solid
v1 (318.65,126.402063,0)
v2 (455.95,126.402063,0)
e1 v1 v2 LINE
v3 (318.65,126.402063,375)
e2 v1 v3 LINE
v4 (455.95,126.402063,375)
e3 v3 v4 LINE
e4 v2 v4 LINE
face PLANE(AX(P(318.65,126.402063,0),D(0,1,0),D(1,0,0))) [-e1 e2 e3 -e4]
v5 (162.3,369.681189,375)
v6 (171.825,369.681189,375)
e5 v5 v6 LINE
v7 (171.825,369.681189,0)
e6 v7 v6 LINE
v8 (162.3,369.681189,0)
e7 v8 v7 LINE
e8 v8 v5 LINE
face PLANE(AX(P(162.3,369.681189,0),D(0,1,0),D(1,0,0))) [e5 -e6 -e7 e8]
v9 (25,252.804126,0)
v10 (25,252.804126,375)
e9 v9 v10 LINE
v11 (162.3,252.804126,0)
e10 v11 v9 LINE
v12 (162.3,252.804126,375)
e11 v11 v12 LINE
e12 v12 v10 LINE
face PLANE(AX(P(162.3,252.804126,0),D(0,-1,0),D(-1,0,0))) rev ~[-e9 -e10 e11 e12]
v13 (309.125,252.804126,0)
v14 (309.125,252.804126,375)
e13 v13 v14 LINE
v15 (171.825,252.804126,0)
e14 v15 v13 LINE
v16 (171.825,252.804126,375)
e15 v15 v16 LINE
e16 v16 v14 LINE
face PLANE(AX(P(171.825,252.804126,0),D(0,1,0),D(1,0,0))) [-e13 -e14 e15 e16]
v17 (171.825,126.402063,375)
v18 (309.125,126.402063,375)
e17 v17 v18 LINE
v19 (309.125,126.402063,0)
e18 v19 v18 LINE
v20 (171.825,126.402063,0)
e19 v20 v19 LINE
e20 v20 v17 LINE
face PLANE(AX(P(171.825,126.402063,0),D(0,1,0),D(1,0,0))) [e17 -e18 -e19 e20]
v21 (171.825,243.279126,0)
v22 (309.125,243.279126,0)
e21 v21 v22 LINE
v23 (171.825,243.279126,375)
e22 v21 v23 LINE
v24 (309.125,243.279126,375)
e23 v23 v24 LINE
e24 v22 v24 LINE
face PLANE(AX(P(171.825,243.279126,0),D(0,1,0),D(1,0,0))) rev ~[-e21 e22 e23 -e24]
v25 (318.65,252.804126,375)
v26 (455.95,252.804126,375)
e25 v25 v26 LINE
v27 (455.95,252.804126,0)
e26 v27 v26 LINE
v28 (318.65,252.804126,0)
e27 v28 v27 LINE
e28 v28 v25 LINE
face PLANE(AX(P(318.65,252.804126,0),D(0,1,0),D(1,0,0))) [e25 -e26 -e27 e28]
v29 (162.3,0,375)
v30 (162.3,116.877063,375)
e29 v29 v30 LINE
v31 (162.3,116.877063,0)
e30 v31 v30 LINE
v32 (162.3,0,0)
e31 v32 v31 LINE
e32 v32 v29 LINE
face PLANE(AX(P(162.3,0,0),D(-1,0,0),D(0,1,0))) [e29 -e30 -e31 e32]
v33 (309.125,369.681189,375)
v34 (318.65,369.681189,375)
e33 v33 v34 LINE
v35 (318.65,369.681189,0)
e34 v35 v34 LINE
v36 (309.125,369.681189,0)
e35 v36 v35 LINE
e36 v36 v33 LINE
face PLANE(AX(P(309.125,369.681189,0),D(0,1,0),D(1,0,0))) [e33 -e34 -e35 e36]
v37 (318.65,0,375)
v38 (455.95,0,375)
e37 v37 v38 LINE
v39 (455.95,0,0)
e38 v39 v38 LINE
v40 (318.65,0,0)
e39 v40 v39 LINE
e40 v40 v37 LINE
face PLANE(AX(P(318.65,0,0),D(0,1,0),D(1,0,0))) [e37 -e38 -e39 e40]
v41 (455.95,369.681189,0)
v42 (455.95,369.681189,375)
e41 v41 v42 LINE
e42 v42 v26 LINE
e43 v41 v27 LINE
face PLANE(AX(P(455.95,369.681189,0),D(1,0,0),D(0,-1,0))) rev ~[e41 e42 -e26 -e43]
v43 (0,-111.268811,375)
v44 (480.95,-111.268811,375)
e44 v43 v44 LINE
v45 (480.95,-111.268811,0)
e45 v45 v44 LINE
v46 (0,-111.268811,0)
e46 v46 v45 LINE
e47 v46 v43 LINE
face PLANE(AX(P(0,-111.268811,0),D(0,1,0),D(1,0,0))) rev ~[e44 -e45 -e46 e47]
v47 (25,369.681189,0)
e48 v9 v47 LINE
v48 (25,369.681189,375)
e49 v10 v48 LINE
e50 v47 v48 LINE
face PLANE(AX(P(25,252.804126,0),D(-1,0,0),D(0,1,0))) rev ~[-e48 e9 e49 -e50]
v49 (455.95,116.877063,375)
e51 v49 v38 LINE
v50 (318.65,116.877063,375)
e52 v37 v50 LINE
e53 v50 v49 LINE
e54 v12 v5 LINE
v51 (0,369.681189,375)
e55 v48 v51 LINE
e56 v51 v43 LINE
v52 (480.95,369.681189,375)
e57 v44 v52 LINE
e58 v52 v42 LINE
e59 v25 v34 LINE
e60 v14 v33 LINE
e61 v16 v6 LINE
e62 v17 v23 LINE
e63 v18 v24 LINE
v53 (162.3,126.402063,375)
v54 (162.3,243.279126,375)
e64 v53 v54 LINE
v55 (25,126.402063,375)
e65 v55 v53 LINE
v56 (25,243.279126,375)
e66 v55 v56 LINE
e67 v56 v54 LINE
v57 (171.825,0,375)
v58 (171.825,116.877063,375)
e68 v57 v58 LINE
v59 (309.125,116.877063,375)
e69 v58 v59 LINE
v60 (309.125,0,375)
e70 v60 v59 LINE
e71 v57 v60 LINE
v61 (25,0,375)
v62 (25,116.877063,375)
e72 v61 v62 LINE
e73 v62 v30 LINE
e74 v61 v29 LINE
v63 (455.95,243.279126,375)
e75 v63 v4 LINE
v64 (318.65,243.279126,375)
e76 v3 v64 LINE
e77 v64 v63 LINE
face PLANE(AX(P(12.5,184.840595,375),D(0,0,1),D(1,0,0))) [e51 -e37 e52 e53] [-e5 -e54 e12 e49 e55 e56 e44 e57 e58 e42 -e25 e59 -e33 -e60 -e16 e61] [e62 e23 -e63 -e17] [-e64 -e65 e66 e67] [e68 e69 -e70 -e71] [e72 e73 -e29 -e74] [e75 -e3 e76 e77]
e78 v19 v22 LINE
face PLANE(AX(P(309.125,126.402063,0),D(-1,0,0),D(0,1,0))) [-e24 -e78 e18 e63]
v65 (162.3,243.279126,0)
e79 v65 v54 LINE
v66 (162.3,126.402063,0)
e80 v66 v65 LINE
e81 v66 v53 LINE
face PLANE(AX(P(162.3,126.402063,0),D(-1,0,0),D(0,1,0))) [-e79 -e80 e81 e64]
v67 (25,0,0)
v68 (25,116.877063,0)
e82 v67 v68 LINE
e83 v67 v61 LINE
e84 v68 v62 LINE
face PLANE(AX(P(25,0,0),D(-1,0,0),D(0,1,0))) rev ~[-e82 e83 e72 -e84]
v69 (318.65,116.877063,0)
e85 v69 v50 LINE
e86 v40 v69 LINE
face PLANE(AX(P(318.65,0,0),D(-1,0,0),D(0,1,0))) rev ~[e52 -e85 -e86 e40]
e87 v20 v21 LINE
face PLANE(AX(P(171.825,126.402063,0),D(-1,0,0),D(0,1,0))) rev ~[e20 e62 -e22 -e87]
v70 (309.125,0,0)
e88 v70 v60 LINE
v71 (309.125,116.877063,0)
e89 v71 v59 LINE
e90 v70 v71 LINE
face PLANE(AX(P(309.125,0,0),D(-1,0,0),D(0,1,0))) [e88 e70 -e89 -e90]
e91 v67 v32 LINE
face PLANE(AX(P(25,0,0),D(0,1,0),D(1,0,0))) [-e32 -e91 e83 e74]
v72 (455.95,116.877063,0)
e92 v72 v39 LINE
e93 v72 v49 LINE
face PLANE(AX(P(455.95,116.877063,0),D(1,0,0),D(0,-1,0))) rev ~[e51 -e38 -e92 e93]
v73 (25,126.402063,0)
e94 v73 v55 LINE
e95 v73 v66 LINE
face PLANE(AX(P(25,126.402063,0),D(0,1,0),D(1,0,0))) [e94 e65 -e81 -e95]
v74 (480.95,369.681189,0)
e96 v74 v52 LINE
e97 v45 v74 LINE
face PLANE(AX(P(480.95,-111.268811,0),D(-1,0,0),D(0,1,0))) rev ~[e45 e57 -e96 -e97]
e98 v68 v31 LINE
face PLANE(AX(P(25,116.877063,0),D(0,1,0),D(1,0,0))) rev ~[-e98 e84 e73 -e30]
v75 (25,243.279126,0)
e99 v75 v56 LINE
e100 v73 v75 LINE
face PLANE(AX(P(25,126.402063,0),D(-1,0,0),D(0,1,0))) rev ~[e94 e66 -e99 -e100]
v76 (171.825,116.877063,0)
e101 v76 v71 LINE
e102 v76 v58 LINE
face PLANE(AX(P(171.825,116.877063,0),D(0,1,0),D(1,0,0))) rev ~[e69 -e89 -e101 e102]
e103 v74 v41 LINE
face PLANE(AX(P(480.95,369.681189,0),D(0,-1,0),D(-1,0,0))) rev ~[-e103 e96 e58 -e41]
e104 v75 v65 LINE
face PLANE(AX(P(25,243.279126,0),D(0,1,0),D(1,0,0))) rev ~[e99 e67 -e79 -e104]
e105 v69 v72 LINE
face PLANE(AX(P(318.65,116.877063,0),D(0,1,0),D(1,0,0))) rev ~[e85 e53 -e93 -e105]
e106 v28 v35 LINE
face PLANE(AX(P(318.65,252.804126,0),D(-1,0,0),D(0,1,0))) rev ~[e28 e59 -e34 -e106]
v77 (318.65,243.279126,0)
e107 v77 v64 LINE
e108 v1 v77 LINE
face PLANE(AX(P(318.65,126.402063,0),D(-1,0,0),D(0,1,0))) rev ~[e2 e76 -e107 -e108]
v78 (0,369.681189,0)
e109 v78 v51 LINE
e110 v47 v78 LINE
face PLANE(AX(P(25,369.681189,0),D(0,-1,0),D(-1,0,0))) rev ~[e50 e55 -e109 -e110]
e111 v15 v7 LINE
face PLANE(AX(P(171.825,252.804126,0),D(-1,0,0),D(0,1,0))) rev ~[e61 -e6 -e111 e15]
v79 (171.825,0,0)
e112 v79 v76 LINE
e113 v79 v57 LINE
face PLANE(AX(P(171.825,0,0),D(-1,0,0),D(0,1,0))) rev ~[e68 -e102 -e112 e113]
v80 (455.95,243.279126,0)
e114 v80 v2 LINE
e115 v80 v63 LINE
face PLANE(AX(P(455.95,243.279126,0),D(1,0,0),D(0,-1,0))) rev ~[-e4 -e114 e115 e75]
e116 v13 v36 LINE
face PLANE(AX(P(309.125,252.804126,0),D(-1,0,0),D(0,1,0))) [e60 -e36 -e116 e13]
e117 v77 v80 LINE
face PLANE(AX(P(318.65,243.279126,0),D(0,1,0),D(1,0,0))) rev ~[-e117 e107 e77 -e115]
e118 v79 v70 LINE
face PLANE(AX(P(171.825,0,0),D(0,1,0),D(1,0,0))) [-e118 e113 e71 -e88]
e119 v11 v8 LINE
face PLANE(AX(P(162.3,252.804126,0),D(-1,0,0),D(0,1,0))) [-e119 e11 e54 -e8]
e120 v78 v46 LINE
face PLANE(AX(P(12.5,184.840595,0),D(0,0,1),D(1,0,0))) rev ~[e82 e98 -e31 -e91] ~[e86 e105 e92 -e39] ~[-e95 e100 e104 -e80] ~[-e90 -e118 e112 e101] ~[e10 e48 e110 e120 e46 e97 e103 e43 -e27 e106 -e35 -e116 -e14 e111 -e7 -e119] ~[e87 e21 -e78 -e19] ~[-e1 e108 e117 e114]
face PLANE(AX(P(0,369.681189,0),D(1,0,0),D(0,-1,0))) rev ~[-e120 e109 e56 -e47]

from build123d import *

# Parameters (mm, degrees)
SKETCH1_W           = 137.3
SKETCH1_H           = 9.525
SKETCH1_W_2         = 9.525
SKETCH1_H_2         = 116.877063157
SKETCH1_H_3         = 116.877063158
SKETCH1_W_3         = 480.95
SKETCH1_H_4         = 111.268810527
BOSS_EXTRUDE1_DEPTH = 375


with BuildPart() as part:
    # Sketch1 → Boss-Extrude1 (new body)
    with BuildSketch(Plane.XY):
        Polygon((0, 369.681189473), (0, 0), (25, 0), (25, 116.877063158), (25, 126.402063158), (25, 243.279126316), (25, 252.804126316), (25, 369.681189473), align=None)
        with Locations((93.65, 248.041626316)):
            Rectangle(SKETCH1_W, SKETCH1_H)
        with Locations((167.0625, 248.041626316)):
            Rectangle(SKETCH1_W_2, SKETCH1_H)
        with Locations((167.0625, 311.242657894)):
            Rectangle(SKETCH1_W_2, SKETCH1_H_2)
        with Locations((167.0625, 184.840594737)):
            Rectangle(SKETCH1_W_2, SKETCH1_H_3)
        with Locations((93.65, 121.639563158)):
            Rectangle(SKETCH1_W, SKETCH1_H)
        with Locations((167.0625, 121.639563158)):
            Rectangle(SKETCH1_W_2, SKETCH1_H)
        with Locations((167.0625, 58.438531579)):
            Rectangle(SKETCH1_W_2, SKETCH1_H_3)
        with Locations((240.475, 121.639563158)):
            Rectangle(SKETCH1_W, SKETCH1_H)
        with Locations((240.475, 248.041626316)):
            Rectangle(SKETCH1_W, SKETCH1_H)
        with Locations((313.8875, 311.242657894)):
            Rectangle(SKETCH1_W_2, SKETCH1_H_2)
        with Locations((313.8875, 248.041626316)):
            Rectangle(SKETCH1_W_2, SKETCH1_H)
        with Locations((313.8875, 184.840594737)):
            Rectangle(SKETCH1_W_2, SKETCH1_H_3)
        with Locations((387.3, 248.041626316)):
            Rectangle(SKETCH1_W, SKETCH1_H)
        Polygon((455.95, 0), (480.95, 0), (480.95, 369.681189473), (455.95, 369.681189473), (455.95, 252.804126316), (455.95, 243.279126316), (455.95, 126.402063158), (455.95, 116.877063158), align=None)
        with Locations((387.3, 121.639563158)):
            Rectangle(SKETCH1_W, SKETCH1_H)
        with Locations((313.8875, 121.639563158)):
            Rectangle(SKETCH1_W_2, SKETCH1_H)
        with Locations((313.8875, 58.438531579)):
            Rectangle(SKETCH1_W_2, SKETCH1_H_3)
        with Locations((240.475, -55.634405264)):
            Rectangle(SKETCH1_W_3, SKETCH1_H_4)
    extrude(amount=BOSS_EXTRUDE1_DEPTH)


solid = part.part
